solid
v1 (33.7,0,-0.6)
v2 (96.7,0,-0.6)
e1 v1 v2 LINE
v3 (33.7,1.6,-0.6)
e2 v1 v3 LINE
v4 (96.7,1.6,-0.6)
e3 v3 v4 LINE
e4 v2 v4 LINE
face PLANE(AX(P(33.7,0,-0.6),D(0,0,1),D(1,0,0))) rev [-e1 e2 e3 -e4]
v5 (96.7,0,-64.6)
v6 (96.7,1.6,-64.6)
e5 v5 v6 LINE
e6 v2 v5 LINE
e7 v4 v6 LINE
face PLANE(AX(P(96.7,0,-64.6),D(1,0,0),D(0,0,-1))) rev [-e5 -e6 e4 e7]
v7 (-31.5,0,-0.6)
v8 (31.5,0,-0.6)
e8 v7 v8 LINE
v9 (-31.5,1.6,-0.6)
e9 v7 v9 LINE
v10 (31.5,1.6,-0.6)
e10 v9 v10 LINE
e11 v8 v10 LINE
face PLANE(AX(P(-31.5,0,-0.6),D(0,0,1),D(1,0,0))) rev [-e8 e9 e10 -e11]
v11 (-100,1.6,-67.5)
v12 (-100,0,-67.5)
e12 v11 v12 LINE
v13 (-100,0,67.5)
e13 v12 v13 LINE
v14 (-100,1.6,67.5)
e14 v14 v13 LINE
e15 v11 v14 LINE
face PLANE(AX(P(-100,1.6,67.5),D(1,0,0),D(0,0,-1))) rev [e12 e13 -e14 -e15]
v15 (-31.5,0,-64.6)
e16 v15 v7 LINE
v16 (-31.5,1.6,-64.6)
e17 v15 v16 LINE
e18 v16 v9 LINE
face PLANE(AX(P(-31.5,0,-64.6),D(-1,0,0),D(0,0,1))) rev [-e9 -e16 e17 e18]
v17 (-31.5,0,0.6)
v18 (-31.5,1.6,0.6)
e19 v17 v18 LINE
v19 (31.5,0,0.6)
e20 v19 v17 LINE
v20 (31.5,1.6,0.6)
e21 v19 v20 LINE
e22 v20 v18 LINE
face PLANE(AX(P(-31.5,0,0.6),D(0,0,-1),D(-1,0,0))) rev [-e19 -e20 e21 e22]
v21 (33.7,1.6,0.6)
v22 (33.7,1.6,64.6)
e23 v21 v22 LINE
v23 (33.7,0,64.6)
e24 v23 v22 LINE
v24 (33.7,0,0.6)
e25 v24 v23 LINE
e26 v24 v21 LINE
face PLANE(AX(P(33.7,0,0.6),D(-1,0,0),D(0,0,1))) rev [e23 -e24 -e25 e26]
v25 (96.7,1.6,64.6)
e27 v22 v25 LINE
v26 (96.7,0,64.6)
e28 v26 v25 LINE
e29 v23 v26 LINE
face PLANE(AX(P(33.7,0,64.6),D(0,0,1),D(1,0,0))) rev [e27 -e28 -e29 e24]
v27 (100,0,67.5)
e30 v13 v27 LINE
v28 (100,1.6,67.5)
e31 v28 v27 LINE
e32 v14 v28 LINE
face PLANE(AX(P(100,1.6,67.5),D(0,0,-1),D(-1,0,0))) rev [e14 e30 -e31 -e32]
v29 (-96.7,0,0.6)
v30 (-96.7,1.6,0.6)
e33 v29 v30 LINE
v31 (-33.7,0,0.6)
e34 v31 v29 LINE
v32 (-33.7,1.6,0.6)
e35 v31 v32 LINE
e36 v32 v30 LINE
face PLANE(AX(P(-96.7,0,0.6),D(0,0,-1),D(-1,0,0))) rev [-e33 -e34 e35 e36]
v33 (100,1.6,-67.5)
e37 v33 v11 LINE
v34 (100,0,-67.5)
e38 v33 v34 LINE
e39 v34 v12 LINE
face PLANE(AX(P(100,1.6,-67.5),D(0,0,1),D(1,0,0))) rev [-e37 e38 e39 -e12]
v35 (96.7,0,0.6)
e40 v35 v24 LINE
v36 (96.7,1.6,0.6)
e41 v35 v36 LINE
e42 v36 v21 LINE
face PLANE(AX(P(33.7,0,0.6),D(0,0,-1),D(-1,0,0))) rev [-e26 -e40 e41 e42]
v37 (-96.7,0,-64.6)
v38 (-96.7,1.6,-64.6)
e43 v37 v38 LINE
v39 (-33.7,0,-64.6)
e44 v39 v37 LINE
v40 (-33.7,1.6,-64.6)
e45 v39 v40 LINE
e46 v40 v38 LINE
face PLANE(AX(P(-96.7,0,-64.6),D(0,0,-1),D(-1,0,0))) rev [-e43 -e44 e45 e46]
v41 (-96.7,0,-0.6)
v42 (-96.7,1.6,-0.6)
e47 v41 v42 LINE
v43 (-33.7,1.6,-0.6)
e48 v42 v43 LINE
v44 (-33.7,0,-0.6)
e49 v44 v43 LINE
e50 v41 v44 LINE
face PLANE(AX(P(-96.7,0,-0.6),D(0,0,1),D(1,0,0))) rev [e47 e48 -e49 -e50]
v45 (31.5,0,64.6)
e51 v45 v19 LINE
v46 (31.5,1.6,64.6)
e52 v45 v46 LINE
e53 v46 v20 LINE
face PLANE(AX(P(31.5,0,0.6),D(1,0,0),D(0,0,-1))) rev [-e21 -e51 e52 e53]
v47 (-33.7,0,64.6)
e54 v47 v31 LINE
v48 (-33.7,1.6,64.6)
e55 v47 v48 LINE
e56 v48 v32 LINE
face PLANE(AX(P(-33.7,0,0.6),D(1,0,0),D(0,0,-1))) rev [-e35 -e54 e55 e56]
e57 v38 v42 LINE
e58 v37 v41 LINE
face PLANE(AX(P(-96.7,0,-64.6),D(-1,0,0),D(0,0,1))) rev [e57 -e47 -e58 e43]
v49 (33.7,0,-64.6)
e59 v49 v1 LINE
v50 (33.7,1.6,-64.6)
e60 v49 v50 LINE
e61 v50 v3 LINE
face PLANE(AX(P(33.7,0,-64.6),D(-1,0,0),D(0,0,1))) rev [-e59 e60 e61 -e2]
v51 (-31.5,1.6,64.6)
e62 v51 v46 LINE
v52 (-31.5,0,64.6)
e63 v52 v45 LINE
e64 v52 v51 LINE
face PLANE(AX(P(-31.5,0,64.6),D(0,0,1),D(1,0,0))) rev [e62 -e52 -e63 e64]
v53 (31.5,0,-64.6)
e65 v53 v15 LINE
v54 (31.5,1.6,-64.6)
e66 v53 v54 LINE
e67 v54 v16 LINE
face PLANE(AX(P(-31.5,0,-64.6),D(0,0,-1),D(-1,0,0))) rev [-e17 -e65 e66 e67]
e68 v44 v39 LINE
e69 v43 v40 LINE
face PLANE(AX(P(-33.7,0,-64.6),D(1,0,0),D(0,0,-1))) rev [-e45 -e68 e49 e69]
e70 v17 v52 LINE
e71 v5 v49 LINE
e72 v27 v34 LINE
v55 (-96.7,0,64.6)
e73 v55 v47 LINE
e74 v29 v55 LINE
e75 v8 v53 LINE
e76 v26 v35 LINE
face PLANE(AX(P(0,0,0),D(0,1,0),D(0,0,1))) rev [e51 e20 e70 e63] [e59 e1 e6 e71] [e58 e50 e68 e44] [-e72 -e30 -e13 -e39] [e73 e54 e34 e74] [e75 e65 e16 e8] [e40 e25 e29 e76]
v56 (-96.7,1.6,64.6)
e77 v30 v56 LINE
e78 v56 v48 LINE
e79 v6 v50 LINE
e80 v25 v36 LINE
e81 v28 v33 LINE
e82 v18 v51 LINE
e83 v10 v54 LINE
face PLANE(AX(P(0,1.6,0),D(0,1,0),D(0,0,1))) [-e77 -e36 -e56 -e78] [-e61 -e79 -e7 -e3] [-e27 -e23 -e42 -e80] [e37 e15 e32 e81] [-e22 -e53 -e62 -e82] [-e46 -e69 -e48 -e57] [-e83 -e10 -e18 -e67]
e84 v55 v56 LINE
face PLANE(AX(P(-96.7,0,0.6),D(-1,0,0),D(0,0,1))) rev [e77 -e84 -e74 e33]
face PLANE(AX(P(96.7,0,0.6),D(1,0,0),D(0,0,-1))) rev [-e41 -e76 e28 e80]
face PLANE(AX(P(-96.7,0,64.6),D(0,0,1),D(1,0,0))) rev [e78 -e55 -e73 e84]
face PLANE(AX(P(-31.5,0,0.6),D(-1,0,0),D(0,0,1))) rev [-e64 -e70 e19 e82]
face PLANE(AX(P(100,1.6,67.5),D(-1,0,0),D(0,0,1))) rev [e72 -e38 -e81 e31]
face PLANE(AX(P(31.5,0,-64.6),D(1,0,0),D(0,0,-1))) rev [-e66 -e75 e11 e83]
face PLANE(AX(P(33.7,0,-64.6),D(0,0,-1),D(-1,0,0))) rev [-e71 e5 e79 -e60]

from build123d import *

# Parameters (mm, degrees)
SKETCH1_W            = 200
SKETCH1_H            = 135
BOSS_EXTRUDE1_DEPTH  = 1.6
SKETCH2_W            = 63
SKETCH2_H            = 64
CUT_EXTRUDE1_DEPTH   = 1.6
LPATTERN1_COUNT      = 3
LPATTERN1_PITCH      = 65.2
LPATTERN1_COUNT_DIR2 = 2
LPATTERN1_PITCH_DIR2 = 65.2


with BuildPart() as part:
    # Sketch1 → Boss-Extrude1 (new body)
    with BuildSketch(Plane(origin=(0, 0, 0), x_dir=(1, 0, 0), z_dir=(0, 1, 0))):
        Rectangle(SKETCH1_W, SKETCH1_H)
    extrude(amount=BOSS_EXTRUDE1_DEPTH)

    # Sketch2 → Cut-Extrude1 (cut)
    with BuildSketch(Plane(origin=(0, 1.6, 0), x_dir=(1, 0, 0), z_dir=(0, 1, 0))):
        with Locations((-65.2, 32.6)):
            Rectangle(SKETCH2_W, SKETCH2_H)
    cut_extrude1 = extrude(amount=-CUT_EXTRUDE1_DEPTH, mode=Mode.SUBTRACT)

    # LPattern1: Cut-Extrude1 3 × 2
    with Locations(*[(i * LPATTERN1_PITCH, 0, j * LPATTERN1_PITCH_DIR2) for i in range(LPATTERN1_COUNT) for j in range(LPATTERN1_COUNT_DIR2) if (i, j) != (0, 0)]):
        add(cut_extrude1, mode=Mode.SUBTRACT)


solid = part.part
